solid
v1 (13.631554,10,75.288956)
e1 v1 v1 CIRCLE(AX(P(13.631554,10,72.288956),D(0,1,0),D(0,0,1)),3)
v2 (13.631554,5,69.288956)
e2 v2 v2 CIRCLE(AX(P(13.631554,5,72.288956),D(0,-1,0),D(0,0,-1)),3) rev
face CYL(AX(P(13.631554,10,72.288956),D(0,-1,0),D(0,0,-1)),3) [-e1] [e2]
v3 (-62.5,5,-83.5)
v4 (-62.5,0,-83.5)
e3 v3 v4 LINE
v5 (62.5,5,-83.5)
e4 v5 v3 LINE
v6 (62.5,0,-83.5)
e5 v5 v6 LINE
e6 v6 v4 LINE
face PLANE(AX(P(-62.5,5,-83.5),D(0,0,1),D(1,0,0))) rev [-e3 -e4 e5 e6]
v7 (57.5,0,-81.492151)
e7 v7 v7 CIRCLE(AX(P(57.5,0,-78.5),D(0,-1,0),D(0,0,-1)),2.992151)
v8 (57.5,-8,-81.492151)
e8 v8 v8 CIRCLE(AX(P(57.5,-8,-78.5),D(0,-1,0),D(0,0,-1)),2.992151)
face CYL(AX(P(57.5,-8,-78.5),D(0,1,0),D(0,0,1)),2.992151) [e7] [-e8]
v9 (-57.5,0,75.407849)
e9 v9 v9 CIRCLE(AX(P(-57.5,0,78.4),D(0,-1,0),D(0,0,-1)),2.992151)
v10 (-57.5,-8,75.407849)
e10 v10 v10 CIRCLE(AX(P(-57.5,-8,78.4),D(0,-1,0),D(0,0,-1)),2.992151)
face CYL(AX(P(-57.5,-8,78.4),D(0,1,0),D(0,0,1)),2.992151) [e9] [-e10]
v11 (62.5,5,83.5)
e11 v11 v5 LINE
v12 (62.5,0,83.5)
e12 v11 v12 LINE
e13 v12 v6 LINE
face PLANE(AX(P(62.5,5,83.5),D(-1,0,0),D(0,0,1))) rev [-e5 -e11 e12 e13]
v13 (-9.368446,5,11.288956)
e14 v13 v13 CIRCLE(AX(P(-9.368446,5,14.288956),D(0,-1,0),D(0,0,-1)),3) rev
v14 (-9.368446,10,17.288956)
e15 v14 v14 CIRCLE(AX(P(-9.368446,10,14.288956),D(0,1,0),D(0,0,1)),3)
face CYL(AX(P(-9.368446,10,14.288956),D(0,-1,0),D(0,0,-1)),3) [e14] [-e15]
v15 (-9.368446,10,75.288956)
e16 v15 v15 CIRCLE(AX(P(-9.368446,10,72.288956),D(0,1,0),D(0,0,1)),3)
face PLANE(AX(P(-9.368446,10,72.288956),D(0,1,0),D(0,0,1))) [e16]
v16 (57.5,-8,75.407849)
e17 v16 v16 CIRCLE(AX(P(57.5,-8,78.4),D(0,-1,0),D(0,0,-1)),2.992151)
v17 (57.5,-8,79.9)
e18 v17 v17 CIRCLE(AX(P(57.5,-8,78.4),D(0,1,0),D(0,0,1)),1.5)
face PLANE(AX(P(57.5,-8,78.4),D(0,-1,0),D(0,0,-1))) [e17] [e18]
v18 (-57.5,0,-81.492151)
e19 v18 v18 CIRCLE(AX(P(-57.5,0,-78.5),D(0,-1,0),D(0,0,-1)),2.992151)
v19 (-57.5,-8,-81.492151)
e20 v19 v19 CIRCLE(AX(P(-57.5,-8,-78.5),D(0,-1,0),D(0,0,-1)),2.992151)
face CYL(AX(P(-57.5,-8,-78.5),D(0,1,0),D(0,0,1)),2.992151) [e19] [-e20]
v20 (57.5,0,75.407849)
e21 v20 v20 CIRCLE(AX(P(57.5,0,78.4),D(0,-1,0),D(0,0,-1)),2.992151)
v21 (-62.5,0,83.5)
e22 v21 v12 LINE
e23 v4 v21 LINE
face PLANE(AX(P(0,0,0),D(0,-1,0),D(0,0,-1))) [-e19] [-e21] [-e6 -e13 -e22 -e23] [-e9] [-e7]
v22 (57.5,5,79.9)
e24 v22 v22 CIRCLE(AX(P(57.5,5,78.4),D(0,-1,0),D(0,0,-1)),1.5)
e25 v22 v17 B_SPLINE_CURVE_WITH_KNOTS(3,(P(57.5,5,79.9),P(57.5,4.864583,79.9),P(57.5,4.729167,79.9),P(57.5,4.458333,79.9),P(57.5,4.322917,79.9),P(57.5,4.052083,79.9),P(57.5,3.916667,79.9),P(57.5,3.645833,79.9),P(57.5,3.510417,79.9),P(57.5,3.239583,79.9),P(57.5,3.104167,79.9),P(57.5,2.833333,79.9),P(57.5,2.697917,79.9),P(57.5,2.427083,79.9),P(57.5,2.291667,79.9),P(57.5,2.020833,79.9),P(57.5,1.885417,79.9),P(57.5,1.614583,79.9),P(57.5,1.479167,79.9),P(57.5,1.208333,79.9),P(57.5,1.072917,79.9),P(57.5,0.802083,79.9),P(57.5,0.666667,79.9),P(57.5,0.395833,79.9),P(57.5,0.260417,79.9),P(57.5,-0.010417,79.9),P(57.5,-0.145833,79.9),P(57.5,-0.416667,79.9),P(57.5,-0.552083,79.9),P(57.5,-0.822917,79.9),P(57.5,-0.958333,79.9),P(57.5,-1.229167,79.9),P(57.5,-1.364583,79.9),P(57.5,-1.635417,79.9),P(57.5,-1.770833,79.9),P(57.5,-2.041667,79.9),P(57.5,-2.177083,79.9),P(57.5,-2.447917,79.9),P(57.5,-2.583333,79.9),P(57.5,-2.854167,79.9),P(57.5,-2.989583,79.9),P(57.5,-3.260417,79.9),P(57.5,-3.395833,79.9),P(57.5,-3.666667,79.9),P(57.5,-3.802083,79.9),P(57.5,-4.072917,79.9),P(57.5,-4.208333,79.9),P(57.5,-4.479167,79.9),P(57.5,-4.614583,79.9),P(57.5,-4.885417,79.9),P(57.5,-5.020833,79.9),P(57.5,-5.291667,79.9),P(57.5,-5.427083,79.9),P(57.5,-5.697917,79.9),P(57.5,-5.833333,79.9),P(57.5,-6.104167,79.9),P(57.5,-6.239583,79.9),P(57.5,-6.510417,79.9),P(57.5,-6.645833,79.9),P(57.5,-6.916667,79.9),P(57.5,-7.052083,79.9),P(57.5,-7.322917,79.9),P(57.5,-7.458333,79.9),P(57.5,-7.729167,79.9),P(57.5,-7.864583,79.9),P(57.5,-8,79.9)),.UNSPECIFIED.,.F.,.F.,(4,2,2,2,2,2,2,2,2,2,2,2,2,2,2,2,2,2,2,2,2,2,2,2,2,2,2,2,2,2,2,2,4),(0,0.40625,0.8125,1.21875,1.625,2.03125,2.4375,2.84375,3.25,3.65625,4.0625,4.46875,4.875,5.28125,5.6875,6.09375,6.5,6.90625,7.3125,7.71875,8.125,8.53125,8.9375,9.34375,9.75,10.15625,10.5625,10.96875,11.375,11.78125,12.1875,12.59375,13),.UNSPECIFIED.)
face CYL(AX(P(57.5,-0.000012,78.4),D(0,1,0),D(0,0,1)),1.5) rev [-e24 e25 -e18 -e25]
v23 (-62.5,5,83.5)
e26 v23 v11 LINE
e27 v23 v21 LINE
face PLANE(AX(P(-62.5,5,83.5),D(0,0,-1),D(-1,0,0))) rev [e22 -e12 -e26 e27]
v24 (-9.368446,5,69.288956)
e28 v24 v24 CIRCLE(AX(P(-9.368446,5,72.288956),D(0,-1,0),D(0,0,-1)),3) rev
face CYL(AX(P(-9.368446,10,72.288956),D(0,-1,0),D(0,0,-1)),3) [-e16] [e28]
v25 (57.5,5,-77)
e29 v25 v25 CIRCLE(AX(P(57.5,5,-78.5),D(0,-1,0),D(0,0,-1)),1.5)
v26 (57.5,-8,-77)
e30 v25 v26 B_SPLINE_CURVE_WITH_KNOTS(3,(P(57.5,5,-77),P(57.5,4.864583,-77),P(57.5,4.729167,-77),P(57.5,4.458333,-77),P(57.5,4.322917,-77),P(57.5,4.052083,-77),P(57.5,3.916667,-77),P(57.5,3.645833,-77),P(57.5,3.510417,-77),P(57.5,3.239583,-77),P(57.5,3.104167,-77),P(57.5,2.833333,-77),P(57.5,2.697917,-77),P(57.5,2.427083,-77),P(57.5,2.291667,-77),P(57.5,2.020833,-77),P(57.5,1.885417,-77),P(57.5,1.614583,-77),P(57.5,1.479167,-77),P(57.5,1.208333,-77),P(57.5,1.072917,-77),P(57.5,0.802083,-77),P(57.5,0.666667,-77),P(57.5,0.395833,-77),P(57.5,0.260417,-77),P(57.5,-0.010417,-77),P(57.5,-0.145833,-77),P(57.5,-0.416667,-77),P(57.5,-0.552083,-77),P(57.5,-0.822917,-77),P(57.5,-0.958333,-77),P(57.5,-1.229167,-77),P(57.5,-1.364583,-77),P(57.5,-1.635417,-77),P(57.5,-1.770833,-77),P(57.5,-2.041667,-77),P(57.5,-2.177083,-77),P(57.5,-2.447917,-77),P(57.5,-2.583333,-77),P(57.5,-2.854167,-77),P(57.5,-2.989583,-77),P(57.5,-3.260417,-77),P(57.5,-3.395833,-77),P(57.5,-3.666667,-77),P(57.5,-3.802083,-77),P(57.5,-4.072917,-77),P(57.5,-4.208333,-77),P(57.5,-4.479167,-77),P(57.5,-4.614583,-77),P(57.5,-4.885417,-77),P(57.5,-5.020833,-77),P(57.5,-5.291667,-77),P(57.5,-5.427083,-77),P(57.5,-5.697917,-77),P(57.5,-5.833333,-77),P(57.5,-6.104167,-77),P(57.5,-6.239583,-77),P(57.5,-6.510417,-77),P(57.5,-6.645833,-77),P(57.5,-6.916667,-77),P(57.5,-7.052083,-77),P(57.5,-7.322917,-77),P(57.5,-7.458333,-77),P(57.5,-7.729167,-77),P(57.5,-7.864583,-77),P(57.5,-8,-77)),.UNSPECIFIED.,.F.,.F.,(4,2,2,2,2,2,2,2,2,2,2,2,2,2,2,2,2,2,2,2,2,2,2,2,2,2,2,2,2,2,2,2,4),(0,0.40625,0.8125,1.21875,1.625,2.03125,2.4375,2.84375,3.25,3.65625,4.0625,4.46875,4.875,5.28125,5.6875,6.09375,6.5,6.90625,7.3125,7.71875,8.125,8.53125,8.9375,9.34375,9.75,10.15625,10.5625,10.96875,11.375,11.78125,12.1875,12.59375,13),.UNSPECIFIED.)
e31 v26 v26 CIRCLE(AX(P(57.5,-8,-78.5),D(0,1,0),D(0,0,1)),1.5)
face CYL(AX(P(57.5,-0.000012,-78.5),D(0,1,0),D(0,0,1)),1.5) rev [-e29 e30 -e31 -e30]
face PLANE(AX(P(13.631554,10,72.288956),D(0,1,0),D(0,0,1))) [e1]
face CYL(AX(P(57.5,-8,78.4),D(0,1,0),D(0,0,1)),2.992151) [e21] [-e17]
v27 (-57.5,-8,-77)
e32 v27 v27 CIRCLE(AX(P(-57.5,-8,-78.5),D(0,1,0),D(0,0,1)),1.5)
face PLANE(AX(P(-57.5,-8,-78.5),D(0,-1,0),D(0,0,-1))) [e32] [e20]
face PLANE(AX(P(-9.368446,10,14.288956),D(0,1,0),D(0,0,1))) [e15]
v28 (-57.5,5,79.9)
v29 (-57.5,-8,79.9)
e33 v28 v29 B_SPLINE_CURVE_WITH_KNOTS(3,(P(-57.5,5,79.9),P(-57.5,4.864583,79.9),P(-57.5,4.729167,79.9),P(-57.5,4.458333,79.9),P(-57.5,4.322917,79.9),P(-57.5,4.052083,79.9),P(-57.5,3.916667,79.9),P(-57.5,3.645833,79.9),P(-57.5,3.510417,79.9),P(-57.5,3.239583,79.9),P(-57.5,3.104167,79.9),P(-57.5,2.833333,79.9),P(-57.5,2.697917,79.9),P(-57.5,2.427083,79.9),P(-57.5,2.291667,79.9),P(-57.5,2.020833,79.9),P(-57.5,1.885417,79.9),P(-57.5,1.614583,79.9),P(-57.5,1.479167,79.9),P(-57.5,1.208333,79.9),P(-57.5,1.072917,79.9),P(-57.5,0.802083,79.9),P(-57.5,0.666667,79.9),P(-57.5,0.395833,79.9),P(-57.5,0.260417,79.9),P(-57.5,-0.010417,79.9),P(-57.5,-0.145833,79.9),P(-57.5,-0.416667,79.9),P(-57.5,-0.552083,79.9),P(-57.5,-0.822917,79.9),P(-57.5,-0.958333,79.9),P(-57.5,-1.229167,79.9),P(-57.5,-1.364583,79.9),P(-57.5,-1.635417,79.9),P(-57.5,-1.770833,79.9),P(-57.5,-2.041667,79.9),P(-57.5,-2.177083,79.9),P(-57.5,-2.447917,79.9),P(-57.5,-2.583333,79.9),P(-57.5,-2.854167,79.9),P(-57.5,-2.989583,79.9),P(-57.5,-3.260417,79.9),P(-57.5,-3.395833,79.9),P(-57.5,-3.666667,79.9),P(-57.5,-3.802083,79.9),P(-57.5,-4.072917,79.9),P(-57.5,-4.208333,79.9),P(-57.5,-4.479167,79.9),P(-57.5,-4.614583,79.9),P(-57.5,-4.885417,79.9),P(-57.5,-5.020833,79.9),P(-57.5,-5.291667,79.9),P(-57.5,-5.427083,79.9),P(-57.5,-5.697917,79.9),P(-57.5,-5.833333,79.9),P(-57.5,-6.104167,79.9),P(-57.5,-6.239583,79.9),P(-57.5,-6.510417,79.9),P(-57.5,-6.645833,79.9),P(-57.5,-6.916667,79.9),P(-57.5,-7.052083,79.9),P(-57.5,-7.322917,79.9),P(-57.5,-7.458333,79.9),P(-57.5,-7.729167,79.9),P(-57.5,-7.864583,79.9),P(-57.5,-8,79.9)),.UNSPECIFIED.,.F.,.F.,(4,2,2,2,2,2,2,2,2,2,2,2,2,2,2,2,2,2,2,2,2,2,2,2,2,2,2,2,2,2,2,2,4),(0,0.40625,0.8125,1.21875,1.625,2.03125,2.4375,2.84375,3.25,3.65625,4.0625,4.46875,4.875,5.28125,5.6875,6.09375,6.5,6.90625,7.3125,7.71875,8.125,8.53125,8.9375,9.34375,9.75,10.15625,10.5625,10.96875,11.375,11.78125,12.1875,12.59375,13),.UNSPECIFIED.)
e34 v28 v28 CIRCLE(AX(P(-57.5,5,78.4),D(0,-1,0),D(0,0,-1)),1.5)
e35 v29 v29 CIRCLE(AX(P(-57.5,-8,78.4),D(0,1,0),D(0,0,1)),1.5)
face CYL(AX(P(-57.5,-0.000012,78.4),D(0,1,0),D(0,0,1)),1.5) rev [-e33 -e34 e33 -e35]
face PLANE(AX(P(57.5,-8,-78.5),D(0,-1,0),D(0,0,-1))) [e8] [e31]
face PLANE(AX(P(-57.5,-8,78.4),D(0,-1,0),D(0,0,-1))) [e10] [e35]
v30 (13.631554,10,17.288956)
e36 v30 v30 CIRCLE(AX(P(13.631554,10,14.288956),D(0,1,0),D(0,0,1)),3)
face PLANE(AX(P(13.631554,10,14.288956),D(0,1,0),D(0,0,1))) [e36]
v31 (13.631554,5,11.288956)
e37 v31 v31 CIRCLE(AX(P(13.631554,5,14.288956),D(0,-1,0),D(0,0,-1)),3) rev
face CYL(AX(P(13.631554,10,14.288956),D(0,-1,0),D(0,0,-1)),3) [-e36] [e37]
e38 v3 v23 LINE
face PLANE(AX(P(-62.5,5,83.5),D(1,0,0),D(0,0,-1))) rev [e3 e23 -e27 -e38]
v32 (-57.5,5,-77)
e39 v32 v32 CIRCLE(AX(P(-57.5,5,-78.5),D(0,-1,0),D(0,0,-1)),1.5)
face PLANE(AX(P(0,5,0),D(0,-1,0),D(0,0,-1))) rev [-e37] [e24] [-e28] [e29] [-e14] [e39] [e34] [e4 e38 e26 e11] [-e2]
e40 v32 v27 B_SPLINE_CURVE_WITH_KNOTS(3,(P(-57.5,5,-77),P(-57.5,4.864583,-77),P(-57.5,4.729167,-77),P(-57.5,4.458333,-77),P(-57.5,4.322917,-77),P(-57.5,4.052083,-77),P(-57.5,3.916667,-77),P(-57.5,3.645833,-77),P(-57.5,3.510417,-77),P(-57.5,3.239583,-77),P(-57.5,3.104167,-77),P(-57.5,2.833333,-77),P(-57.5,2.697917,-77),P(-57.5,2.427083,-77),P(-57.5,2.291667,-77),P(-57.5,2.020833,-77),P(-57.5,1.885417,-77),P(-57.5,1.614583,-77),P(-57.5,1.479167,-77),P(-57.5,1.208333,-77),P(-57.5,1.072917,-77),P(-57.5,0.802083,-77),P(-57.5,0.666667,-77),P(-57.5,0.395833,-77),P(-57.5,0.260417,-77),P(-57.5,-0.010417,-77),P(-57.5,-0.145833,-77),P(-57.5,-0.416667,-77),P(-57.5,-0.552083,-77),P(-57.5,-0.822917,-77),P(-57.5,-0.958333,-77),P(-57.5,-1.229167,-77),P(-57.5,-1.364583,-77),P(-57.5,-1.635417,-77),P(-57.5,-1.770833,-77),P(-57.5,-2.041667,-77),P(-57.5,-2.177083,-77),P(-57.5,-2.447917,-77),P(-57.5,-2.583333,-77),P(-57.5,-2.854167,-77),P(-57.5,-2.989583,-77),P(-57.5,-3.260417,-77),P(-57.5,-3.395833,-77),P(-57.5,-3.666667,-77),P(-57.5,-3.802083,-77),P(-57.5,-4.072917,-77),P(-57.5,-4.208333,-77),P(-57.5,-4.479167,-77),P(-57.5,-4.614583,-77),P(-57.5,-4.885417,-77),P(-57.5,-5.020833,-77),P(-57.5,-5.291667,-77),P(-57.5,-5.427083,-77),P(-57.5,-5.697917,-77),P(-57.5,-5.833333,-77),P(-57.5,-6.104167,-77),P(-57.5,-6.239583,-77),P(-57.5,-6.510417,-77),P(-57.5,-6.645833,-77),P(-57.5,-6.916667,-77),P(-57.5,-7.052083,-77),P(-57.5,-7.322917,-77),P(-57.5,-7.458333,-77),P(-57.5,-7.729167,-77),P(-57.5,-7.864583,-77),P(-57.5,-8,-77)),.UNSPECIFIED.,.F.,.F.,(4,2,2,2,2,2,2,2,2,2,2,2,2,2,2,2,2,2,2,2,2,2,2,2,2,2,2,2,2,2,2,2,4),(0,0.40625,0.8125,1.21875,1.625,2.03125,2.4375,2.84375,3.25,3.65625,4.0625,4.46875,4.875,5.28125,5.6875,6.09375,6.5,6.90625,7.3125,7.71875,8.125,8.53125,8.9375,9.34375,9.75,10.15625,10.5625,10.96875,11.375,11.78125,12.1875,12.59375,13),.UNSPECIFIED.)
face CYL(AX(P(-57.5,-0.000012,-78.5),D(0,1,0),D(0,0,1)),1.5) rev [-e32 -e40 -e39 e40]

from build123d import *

# Parameters (mm, degrees)
ESQUISSE1_W                  = 125
ESQUISSE1_H                  = 167
BOSS_EXTRU_1_DEPTH           = 5
ENL_V_MAT_EXTRU_1_DEPTH      = 105.419825704
ENL_V_MAT_EXTRU_1_DEPTH_BACK = 105.419825704
ESQUISSE2_R                  = 1.5
ESQUISSE3_R                  = 2.992151318
BOSS_EXTRU_2_DEPTH           = 8
ESQUISSE5_R                  = 1.5
ENL_V_MAT_EXTRU_2_DEPTH      = 106.107088248
ESQUISSE6_R                  = 3
BOSS_EXTRU_3_DEPTH           = 5


with BuildPart() as part:
    # Esquisse1 → Boss.-Extru.1 (new body)
    with BuildSketch(Plane(origin=(0, 0, 0), x_dir=(1, 0, 0), z_dir=(0, 1, 0))):
        Rectangle(ESQUISSE1_W, ESQUISSE1_H)
    extrude(amount=BOSS_EXTRU_1_DEPTH)

    # Esquisse2 → Enlèv. mat.-Extru.1 (cut, two sides: drawn at the far end of the back side and taken through both)
    with BuildSketch(Plane.XZ.offset(-ENL_V_MAT_EXTRU_1_DEPTH_BACK)):
        with Locations(Location((-57.5, 78.4, 0), (0, 0, 90))):
            Circle(ESQUISSE2_R)
        with Locations(Location((57.5, 78.4, 0), (0, 0, 90))):
            Circle(ESQUISSE2_R)
        with Locations(Location((57.5, -78.5, 0), (0, 0, 90))):
            Circle(ESQUISSE2_R)
        with Locations(Location((-57.5, -78.5, 0), (0, 0, 90))):
            Circle(ESQUISSE2_R)
    extrude(amount=ENL_V_MAT_EXTRU_1_DEPTH + ENL_V_MAT_EXTRU_1_DEPTH_BACK, mode=Mode.SUBTRACT)

    # Esquisse3 → Boss.-Extru.2 (add)
    with BuildSketch(Plane.XZ):
        with Locations(Location((-57.5, 78.4, 0), (0, 0, 270))):
            Circle(ESQUISSE3_R)
        with Locations(Location((57.5, 78.4, 0), (0, 0, 270))):
            Circle(ESQUISSE3_R)
        with Locations(Location((57.5, -78.5, 0), (0, 0, 270))):
            Circle(ESQUISSE3_R)
        with Locations(Location((-57.5, -78.5, 0), (0, 0, 270))):
            Circle(ESQUISSE3_R)
    extrude(amount=BOSS_EXTRU_2_DEPTH)

    # Esquisse5 → Enlèv. mat.-Extru.2 (cut, through all)
    with BuildSketch(Plane(origin=(0, 5, 0), x_dir=(1, 0, 0), z_dir=(0, 1, 0))):
        with Locations(Location((-57.5, 78.5, 0), (0, 0, 270))):
            Circle(ESQUISSE5_R)
        with Locations(Location((57.5, 78.5, 0), (0, 0, 270))):
            Circle(ESQUISSE5_R)
        with Locations(Location((57.5, -78.4, 0), (0, 0, 270))):
            Circle(ESQUISSE5_R)
        with Locations(Location((-57.5, -78.4, 0), (0, 0, 270))):
            Circle(ESQUISSE5_R)
    extrude(amount=-ENL_V_MAT_EXTRU_2_DEPTH, mode=Mode.SUBTRACT)

    # Esquisse6 → Boss.-Extru.3 (add)
    with BuildSketch(Plane(origin=(0, 5, 0), x_dir=(1, 0, 0), z_dir=(0, 1, 0))):
        with Locations(Location((-9.368446166, -72.288956225, 0), (0, 0, 90))):
            Circle(ESQUISSE6_R)
        with Locations(Location((-9.368446166, -14.288956225, 0), (0, 0, 90))):
            Circle(ESQUISSE6_R)
        with Locations(Location((13.631553834, -14.288956225, 0), (0, 0, 90))):
            Circle(ESQUISSE6_R)
        with Locations(Location((13.631553834, -72.288956225, 0), (0, 0, 90))):
            Circle(ESQUISSE6_R)
    extrude(amount=BOSS_EXTRU_3_DEPTH)


solid = part.part
